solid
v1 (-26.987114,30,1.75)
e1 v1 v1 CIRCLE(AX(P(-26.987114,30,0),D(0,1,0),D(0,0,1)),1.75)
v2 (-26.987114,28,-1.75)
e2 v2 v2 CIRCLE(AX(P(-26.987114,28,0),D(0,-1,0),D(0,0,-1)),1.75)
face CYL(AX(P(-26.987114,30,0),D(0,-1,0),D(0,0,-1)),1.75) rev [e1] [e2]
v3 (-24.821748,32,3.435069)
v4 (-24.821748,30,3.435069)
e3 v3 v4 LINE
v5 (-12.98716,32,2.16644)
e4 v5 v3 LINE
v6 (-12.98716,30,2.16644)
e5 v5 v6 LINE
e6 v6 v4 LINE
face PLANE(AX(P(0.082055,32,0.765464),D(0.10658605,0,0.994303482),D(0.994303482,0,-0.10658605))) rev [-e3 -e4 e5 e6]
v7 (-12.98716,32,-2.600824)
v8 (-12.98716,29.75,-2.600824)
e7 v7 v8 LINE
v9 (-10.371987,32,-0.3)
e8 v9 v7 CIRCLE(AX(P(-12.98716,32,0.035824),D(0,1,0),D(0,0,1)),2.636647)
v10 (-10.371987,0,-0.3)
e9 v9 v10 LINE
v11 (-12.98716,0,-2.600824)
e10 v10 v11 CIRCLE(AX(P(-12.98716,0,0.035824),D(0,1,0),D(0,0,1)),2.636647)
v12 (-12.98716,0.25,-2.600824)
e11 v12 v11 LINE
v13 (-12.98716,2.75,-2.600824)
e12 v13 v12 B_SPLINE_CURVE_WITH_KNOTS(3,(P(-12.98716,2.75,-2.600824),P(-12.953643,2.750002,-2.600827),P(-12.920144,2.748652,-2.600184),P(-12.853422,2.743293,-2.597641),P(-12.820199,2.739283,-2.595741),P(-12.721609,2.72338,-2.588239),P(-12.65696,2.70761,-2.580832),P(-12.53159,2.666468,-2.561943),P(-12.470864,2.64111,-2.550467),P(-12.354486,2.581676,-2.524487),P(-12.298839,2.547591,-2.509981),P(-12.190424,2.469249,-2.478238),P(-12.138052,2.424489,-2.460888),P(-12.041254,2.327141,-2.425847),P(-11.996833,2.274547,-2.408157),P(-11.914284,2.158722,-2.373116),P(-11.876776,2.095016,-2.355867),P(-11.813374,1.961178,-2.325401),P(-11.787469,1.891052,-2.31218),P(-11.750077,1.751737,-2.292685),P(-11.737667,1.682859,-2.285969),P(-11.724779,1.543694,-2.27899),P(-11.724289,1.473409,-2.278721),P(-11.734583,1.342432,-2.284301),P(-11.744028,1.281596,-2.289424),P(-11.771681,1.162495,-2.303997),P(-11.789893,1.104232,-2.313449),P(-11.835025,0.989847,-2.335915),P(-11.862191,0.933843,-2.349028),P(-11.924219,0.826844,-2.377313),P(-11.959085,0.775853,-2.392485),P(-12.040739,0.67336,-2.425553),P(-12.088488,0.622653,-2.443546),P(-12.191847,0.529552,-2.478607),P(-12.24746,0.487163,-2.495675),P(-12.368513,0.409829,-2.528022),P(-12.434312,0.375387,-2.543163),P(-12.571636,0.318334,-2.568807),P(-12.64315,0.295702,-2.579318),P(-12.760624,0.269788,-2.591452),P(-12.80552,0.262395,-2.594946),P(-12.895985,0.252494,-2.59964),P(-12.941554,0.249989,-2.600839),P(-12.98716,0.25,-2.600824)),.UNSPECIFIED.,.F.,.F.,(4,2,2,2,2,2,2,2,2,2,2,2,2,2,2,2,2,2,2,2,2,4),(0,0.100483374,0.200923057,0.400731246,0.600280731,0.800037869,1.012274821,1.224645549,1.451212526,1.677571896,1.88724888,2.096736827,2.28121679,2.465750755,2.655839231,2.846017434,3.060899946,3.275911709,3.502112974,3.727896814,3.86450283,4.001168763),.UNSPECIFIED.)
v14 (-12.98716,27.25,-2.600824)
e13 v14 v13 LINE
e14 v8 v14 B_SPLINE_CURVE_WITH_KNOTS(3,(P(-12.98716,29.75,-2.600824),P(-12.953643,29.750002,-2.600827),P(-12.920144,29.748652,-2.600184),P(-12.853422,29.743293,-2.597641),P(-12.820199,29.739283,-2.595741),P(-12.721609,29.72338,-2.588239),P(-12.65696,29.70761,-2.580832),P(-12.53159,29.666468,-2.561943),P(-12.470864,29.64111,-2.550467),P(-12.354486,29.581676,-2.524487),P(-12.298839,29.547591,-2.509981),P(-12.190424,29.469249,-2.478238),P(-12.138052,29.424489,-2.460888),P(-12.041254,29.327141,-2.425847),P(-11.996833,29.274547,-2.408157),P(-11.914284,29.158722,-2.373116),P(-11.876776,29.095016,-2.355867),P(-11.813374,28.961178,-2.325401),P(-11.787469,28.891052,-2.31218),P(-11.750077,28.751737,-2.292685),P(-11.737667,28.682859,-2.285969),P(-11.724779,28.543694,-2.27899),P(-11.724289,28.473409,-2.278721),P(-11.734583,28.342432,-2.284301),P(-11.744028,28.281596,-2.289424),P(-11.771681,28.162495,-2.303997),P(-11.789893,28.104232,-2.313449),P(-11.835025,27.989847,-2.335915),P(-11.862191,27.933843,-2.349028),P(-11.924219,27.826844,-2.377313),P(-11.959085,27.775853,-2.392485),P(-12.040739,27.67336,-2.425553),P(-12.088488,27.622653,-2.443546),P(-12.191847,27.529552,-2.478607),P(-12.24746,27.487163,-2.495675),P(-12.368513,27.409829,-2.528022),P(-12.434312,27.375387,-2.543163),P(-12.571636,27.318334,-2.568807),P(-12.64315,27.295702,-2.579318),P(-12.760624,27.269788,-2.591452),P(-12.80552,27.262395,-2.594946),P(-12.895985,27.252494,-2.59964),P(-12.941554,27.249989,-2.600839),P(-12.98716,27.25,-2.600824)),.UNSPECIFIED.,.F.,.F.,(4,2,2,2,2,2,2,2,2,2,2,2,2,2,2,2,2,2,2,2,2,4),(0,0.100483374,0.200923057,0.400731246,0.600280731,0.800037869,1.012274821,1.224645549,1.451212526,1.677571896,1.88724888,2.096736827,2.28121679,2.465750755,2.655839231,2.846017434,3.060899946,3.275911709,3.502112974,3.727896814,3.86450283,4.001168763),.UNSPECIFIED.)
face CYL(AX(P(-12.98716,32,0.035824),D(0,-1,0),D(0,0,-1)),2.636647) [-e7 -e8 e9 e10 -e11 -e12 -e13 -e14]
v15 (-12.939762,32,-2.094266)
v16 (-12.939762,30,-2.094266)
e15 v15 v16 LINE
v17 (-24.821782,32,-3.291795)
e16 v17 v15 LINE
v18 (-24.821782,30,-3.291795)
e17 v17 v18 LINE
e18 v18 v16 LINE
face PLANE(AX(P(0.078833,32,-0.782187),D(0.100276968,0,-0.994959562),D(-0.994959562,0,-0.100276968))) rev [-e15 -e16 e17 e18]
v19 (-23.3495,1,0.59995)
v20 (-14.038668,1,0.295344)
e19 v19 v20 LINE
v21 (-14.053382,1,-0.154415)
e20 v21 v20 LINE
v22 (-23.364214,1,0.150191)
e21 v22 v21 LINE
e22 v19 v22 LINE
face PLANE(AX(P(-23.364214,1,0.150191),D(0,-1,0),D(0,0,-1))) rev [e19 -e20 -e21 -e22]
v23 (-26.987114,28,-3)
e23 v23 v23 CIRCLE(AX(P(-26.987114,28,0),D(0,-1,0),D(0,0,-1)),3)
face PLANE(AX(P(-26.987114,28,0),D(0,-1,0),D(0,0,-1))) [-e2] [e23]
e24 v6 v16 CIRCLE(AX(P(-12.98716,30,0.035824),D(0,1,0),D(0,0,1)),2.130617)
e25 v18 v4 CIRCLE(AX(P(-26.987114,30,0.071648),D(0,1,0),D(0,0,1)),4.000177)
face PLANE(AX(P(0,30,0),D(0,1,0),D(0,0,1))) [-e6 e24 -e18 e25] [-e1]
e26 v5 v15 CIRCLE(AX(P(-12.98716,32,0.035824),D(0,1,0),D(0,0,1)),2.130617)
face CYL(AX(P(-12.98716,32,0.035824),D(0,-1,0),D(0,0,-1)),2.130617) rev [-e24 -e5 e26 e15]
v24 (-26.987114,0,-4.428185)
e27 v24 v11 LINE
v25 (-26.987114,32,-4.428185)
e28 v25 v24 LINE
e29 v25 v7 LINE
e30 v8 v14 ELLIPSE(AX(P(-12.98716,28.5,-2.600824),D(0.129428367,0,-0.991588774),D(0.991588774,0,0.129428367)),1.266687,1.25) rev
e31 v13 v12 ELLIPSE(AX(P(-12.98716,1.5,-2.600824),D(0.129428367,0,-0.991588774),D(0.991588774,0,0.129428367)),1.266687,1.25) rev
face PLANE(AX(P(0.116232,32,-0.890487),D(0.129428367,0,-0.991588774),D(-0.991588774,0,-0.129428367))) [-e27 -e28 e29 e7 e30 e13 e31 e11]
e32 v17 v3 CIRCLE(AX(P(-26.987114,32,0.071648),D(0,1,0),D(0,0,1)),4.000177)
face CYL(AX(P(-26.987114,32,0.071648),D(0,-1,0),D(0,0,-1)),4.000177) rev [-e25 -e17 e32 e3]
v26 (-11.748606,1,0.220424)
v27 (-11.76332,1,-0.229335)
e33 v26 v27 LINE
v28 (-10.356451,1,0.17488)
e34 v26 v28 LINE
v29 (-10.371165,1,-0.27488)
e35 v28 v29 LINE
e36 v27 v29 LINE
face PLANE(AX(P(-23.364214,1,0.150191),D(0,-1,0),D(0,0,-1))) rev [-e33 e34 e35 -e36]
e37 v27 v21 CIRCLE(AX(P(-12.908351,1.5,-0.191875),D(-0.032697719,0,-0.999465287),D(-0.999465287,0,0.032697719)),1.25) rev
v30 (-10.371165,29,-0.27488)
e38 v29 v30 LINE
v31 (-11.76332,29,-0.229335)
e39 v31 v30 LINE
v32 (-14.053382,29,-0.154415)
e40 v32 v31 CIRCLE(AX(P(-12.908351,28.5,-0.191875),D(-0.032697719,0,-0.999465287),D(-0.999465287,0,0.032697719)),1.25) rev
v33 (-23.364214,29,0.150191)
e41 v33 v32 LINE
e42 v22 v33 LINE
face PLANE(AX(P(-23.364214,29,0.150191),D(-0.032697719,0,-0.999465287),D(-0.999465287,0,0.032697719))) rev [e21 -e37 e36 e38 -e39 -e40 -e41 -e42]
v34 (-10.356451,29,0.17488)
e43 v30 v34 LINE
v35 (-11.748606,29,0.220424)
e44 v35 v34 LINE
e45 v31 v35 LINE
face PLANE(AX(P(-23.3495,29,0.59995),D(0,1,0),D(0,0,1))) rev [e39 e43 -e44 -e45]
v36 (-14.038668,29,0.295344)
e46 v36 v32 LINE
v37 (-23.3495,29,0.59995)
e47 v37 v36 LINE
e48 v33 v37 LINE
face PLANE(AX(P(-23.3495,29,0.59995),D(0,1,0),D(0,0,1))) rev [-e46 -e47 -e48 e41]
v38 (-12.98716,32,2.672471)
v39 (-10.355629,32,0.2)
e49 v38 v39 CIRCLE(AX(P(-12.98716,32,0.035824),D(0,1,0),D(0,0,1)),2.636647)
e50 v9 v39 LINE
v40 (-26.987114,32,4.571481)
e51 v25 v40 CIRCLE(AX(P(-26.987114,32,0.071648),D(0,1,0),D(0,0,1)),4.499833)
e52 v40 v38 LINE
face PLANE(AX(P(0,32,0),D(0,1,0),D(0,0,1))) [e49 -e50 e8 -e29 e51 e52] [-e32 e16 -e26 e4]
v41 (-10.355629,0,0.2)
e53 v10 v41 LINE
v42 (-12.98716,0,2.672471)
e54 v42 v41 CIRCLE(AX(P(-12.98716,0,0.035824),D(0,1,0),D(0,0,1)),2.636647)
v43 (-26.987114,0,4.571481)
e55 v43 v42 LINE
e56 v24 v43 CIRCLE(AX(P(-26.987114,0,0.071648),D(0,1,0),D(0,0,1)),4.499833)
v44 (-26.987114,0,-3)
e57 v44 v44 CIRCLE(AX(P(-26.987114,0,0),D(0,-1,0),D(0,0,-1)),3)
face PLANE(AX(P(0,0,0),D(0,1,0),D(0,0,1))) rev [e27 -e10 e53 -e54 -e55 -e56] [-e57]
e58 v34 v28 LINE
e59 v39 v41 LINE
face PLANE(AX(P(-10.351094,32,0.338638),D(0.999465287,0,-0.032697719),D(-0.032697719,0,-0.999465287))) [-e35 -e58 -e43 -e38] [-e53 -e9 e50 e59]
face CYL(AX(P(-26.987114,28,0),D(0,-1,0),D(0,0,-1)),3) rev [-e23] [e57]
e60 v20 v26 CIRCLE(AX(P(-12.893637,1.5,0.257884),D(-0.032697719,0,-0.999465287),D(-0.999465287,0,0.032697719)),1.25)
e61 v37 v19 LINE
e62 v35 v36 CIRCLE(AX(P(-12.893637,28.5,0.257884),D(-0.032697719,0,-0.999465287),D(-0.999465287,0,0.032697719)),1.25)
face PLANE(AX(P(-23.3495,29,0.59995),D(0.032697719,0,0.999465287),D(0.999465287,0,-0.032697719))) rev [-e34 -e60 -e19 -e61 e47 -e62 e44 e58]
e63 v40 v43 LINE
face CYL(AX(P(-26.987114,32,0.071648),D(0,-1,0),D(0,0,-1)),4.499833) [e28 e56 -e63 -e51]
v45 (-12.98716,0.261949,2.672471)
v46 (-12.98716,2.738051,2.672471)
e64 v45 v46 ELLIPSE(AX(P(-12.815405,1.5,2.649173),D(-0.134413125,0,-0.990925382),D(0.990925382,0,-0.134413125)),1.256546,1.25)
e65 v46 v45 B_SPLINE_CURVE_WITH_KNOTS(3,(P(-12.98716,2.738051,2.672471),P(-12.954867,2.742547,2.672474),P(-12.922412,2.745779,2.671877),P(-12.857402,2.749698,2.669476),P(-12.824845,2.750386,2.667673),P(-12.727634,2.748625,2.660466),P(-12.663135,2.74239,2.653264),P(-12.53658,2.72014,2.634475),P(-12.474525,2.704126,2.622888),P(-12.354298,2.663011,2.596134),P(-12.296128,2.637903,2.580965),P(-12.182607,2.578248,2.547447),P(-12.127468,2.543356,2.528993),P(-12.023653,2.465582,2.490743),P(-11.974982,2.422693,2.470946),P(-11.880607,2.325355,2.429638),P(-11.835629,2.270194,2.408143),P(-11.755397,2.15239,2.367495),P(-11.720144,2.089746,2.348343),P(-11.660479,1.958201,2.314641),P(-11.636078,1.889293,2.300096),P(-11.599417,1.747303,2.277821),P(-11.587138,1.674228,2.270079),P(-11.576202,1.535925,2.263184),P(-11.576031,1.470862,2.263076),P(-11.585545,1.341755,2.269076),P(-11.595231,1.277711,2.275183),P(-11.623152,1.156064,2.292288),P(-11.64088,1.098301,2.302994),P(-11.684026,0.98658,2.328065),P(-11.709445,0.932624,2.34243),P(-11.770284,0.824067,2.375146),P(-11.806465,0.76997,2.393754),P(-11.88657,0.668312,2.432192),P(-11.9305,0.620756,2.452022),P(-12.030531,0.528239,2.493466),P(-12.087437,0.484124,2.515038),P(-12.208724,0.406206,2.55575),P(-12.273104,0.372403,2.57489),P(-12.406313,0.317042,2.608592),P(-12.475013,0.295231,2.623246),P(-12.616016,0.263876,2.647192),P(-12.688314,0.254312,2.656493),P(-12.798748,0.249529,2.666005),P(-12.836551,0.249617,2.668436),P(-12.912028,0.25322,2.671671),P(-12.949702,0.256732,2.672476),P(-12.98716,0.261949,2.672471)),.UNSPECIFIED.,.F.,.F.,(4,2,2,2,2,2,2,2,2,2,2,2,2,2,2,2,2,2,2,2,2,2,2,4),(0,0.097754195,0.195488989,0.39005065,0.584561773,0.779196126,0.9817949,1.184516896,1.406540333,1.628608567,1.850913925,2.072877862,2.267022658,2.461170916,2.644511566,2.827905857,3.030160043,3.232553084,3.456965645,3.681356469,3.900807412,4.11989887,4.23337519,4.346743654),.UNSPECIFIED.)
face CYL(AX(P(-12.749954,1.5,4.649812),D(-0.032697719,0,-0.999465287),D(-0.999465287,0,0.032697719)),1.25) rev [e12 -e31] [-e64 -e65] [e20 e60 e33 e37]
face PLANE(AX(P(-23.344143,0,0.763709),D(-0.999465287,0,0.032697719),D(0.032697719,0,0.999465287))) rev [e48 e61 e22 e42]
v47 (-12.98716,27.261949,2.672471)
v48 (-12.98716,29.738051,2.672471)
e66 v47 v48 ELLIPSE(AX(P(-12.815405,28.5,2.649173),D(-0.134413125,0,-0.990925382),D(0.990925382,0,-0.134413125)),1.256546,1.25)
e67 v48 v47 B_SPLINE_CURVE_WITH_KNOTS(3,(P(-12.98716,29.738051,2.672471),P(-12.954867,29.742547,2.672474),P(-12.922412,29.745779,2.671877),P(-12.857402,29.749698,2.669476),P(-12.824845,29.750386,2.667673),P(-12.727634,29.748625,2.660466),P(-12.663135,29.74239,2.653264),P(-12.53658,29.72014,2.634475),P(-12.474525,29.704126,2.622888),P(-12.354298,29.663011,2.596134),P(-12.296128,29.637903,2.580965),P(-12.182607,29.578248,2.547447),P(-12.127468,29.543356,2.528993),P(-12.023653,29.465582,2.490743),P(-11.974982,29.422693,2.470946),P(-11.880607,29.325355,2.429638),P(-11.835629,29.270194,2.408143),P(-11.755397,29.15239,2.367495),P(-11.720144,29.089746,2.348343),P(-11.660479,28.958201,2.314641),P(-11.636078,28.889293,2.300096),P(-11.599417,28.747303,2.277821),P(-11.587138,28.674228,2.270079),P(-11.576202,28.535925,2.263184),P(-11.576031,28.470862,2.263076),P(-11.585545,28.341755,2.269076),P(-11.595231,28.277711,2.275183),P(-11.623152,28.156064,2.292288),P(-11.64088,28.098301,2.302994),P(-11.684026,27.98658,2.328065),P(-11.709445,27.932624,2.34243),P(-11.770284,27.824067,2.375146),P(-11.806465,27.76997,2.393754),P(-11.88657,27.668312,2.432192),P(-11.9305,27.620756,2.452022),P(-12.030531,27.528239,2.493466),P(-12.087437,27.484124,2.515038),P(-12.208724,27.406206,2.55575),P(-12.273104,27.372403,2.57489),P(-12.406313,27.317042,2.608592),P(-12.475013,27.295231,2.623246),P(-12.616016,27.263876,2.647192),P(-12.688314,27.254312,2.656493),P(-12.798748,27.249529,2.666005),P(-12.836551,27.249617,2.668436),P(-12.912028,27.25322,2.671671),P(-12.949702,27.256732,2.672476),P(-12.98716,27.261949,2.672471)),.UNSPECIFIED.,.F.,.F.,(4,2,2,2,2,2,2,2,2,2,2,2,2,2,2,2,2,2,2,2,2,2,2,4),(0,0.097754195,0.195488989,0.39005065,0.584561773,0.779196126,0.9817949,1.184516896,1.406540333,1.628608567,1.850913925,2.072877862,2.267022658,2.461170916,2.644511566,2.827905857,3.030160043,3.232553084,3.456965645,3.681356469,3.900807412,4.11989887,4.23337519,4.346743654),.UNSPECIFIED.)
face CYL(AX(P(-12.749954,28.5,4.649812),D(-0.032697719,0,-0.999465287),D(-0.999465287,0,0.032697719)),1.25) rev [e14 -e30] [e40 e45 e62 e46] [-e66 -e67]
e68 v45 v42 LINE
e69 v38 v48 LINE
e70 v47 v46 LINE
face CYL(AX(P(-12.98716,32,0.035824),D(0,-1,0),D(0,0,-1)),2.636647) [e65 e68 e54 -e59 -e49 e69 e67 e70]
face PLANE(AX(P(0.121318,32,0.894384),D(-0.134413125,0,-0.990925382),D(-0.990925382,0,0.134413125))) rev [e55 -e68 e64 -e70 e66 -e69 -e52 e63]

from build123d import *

# Parameters (mm, degrees)
SKETCH2_R           = 1.75
BOSS_EXTRUDE1_DEPTH = 30
BOSS_EXTRUDE2_DEPTH = 32
SKETCH6_R           = 3
CUT_EXTRUDE3_DEPTH  = 28
SKETCH7_W           = 0.45
SKETCH7_H           = 28
CUT_EXTRUDE4_DEPTH  = 13
SKETCH8_R           = 1.25
CUT_EXTRUDE5_DEPTH  = 46.13881934
SKETCH8_3_R         = 1.25
CUT_EXTRUDE6_DEPTH  = 46.138819411


with BuildPart() as part:
    # Sketch2 → Boss-Extrude1 (new body)
    with BuildSketch(Plane(origin=(0, 0, 0), x_dir=(1, 0, 0), z_dir=(0, 1, 0))):
        with BuildLine():
            Line((-24.821747911, -3.435069212), (-12.987160246, -2.166440487))
            ThreePointArc((-12.987160246, -2.166440487), (-10.8566751, -0.059524017), (-12.939762178, 2.094266176))
            Line((-12.939762178, 2.094266176), (-24.821781773, 3.29179515))
            ThreePointArc((-24.821781773, 3.29179515), (-30.987291256, -0.071668068), (-24.821747911, -3.435069212))
        make_face()
        with Locations((-26.987114413, 0)):
            Circle(SKETCH2_R, mode=Mode.SUBTRACT)
    extrude(amount=BOSS_EXTRUDE1_DEPTH)

    # Sketch2<3> → Boss-Extrude2 (add)
    with BuildSketch(Plane(origin=(0, 0, 0), x_dir=(1, 0, 0), z_dir=(0, 1, 0))):
        with BuildLine():
            ThreePointArc((-26.987114411, 4.428185187), (-31.48694753, -0.071647931), (-26.987114411, -4.57148105))
            Line((-26.987114411, -4.57148105), (-12.987160246, -2.67247066))
            ThreePointArc((-12.987160246, -2.67247066), (-11.181747177, -1.957383249), (-10.355629468, -0.2))
            Line((-10.355629468, -0.2), (-10.371987074, 0.3))
            ThreePointArc((-10.371987074, 0.3), (-11.245543176, 1.943741621), (-12.987160246, 2.600823626))
            Line((-12.987160246, 2.600823626), (-26.987114411, 4.428185187))
        make_face()
        with BuildLine():
            Line((-24.821781773, 3.29179515), (-12.939762178, 2.094266176))
            ThreePointArc((-12.939762178, 2.094266176), (-10.8566751, -0.059524017), (-12.987160246, -2.166440487))
            Line((-12.987160246, -2.166440487), (-24.821747911, -3.435069212))
            ThreePointArc((-24.821747911, -3.435069212), (-30.987291256, -0.071668068), (-24.821781773, 3.29179515))
        make_face(mode=Mode.SUBTRACT)
    extrude(amount=BOSS_EXTRUDE2_DEPTH)

    # Sketch6 → Cut-Extrude3 (cut)
    with BuildSketch(Plane.XZ):
        with Locations((-26.987114413, 0)):
            Circle(SKETCH6_R)
    extrude(amount=-CUT_EXTRUDE3_DEPTH, mode=Mode.SUBTRACT)

    # Sketch7 → Cut-Extrude4 (cut)
    with BuildSketch(Plane(origin=(-10.351093889, 0, 0.338638235), x_dir=(-0.03269771907792212, 0, -0.9994652866243537), z_dir=(0.9994652866243537, 0, -0.03269771907792212))):
        with Locations((0.388846156, 15)):
            Rectangle(SKETCH7_W, SKETCH7_H)
    extrude(amount=-CUT_EXTRUDE4_DEPTH, mode=Mode.SUBTRACT)

    # Sketch8 → Cut-Extrude5 (cut, through all)
    with BuildSketch(Plane(origin=(-0.005357396, 0, -0.163758545), x_dir=(-0.9994652866243537, 0, 0.03269771907792212), z_dir=(-0.03269771907792212, 0, -0.9994652866243537))):
        with Locations((12.895174838, 28.5)):
            Circle(SKETCH8_R)
        with Locations((12.895174838, 1.5)):
            Circle(SKETCH8_R)
    extrude(amount=-CUT_EXTRUDE5_DEPTH, mode=Mode.SUBTRACT)

    # Sketch8<3> → Cut-Extrude6 (cut, through all)
    with BuildSketch(Plane(origin=(-0.005357396, 0, -0.163758545), x_dir=(-0.9994652866243537, 0, 0.03269771907792212), z_dir=(-0.03269771907792212, 0, -0.9994652866243537))):
        with Locations((12.895174838, 28.5)):
            Circle(SKETCH8_3_R)
        with Locations((12.895174838, 1.5)):
            Circle(SKETCH8_3_R)
    extrude(amount=CUT_EXTRUDE6_DEPTH, mode=Mode.SUBTRACT)


solid = part.part
